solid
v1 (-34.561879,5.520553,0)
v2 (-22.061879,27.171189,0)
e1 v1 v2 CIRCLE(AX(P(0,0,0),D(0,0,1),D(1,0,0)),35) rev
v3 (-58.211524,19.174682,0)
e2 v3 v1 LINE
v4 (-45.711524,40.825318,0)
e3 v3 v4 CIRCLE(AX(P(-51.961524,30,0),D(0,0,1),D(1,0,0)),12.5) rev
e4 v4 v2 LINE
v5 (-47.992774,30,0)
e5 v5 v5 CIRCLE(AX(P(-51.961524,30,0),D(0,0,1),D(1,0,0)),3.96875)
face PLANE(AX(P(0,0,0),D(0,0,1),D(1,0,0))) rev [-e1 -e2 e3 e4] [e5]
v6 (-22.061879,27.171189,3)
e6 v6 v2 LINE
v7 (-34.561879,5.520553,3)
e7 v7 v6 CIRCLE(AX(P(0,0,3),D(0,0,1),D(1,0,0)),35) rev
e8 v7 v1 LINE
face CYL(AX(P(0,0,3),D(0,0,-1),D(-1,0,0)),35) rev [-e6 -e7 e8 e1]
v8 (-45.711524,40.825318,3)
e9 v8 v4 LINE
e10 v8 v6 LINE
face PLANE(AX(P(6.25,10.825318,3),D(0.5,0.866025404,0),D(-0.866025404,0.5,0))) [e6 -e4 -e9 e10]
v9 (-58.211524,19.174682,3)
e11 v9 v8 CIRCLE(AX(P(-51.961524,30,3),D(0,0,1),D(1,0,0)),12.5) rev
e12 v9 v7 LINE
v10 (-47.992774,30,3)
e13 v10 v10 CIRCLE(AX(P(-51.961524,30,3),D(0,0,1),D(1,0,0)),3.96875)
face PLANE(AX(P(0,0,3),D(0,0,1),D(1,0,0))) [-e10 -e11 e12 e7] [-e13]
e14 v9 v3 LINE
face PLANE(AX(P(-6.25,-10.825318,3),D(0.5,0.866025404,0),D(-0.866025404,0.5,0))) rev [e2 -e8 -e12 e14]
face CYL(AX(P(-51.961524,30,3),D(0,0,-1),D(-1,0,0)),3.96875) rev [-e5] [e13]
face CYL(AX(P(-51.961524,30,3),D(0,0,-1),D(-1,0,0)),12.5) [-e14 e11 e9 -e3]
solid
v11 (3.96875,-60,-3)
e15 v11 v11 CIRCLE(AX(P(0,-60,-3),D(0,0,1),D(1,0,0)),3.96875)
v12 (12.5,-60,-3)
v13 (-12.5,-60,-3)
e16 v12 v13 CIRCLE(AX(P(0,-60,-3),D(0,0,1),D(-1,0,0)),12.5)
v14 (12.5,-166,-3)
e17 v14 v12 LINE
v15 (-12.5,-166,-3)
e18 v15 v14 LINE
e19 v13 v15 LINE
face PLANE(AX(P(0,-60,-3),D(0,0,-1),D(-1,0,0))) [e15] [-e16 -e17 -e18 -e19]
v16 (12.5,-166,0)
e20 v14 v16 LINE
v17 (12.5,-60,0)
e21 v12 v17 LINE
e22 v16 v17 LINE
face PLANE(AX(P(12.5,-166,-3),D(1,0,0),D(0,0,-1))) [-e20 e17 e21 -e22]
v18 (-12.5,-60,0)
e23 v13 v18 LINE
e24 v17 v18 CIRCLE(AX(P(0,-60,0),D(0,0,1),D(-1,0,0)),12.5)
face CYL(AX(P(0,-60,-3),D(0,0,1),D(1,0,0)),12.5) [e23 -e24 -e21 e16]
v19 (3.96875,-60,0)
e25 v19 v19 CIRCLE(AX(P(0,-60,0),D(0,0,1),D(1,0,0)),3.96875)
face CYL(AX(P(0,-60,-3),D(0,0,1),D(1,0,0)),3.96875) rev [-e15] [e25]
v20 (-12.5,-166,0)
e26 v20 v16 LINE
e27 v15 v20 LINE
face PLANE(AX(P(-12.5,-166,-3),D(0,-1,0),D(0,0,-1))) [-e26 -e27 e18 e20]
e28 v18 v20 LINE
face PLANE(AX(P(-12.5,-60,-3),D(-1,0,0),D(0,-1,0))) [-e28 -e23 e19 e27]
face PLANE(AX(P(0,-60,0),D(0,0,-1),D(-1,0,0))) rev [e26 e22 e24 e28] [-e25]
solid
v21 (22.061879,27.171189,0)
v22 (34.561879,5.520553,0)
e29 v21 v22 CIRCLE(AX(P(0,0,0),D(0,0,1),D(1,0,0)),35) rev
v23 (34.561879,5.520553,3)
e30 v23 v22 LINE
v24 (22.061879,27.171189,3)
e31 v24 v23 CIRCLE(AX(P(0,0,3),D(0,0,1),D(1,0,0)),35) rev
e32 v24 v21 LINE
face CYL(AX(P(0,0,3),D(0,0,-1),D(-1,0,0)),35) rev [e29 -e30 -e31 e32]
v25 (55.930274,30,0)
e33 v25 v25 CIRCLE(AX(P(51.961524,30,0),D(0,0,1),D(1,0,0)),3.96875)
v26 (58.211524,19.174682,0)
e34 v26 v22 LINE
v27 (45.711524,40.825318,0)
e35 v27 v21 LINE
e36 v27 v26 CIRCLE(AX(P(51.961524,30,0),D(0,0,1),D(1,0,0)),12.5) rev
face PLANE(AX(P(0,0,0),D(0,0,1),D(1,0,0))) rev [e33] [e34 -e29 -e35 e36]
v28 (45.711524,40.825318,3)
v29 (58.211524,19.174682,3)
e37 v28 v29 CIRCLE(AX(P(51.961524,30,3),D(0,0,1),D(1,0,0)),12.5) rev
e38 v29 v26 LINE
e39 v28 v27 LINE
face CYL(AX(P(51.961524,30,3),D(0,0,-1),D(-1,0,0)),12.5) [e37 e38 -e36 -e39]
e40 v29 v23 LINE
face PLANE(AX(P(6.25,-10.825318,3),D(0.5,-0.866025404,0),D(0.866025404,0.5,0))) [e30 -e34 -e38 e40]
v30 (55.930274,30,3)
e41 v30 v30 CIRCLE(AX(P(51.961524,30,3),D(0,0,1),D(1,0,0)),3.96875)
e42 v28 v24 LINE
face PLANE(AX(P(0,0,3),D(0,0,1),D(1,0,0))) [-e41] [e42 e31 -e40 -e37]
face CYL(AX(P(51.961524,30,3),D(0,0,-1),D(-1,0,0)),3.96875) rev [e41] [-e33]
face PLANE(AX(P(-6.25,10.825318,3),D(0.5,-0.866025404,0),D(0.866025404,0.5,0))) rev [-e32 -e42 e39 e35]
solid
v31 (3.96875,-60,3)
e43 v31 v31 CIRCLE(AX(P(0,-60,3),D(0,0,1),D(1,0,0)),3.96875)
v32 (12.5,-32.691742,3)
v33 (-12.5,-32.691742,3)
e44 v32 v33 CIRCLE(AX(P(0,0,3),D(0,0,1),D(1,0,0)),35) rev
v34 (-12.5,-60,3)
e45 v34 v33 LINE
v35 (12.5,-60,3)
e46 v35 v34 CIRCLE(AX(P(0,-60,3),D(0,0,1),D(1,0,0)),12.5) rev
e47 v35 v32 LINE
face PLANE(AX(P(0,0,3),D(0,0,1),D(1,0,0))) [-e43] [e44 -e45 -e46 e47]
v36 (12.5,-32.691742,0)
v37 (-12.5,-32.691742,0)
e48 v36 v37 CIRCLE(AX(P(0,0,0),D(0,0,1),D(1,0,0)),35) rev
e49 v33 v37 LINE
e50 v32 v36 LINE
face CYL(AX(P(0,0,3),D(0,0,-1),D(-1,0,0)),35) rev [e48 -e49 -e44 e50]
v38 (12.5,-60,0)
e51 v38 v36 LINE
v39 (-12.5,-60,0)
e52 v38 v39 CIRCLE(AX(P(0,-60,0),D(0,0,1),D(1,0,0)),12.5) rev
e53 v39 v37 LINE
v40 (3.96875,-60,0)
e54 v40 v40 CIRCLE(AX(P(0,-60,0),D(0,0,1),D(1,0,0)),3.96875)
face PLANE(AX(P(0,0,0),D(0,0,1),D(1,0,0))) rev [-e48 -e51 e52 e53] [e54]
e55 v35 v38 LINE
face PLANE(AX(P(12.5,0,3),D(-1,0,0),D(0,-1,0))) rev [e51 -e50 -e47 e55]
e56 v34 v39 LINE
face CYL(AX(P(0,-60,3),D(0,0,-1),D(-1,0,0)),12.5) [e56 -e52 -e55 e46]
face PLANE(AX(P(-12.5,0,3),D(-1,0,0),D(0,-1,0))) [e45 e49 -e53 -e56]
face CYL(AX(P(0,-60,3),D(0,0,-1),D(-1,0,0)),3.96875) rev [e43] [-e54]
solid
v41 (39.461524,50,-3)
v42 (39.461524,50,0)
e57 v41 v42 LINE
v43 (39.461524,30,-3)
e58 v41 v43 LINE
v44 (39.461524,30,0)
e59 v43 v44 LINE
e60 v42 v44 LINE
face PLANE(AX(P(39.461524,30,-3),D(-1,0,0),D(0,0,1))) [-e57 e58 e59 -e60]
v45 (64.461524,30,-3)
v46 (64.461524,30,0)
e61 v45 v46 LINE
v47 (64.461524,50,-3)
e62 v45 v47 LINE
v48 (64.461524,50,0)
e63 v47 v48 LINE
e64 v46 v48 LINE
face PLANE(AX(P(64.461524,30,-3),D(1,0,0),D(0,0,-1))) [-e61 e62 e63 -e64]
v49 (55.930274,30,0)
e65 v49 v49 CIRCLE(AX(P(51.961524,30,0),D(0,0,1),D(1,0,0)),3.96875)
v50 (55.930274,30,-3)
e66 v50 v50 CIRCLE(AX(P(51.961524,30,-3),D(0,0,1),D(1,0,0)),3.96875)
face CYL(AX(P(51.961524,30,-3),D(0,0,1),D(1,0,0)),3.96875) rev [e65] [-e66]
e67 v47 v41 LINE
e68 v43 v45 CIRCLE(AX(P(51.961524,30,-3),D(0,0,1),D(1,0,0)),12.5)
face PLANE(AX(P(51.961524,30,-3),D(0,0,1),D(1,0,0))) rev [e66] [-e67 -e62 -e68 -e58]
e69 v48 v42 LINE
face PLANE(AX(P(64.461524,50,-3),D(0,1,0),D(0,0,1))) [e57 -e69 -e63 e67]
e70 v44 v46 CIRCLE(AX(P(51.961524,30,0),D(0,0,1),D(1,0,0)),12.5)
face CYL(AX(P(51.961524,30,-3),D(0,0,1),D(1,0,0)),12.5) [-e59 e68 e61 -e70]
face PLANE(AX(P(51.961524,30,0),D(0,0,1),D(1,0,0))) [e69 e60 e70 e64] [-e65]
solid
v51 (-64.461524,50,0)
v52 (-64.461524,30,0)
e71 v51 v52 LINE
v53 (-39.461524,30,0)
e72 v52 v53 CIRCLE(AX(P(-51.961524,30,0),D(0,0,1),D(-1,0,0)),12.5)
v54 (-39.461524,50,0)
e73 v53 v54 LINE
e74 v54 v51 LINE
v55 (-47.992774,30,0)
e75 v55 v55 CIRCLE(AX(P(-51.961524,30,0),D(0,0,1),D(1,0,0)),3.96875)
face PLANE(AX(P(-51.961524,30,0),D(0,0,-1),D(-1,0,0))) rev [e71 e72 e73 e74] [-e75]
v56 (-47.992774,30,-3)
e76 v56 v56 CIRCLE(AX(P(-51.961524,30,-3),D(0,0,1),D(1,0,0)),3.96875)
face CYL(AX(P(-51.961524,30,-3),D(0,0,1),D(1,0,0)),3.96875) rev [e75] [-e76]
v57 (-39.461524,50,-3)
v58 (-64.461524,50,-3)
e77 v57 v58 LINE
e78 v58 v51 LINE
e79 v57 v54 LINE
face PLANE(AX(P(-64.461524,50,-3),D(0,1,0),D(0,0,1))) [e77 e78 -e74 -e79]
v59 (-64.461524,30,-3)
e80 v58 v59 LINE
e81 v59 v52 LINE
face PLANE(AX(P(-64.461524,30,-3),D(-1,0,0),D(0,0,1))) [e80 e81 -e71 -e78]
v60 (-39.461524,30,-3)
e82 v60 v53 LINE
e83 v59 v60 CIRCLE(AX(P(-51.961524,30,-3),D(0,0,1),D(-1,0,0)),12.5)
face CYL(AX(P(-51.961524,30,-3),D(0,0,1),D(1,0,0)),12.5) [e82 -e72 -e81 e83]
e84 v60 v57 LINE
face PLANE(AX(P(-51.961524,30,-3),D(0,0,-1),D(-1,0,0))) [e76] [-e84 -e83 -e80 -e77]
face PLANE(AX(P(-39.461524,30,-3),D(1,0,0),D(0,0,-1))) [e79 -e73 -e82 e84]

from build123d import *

# Parameters (mm, degrees)
SKETCH1_R             = 3.96875
BOSS_EXTRUDE1_DEPTH   = 3
BOSS_EXTRUDE1_2_DEPTH = 3
BOSS_EXTRUDE1_3_DEPTH = 3
SKETCH2_R             = 3.96875
BOSS_EXTRUDE2_DEPTH   = 3
BOSS_EXTRUDE2_2_DEPTH = 3
BOSS_EXTRUDE2_3_DEPTH = 3


with BuildPart() as part:
    # Sketch1 → Boss-Extrude1 (new body)
    with BuildSketch(Plane.XY):
        with BuildLine():
            ThreePointArc((-45.711524227, 40.825317547), (-62.786841774, 36.25), (-58.211524227, 19.174682453))
            Line((-58.211524227, 19.174682453), (-34.561879132, 5.520553491))
            ThreePointArc((-34.561879132, 5.520553491), (-30.310889132, 17.5), (-22.061879132, 27.171188586))
            Line((-22.061879132, 27.171188586), (-45.711524227, 40.825317547))
        make_face()
        with Locations((-51.961524227, 30)):
            Circle(SKETCH1_R, mode=Mode.SUBTRACT)
    extrude(amount=BOSS_EXTRUDE1_DEPTH)


with BuildPart() as body_2:
    # Sketch1 → Boss-Extrude1 2 (new body)
    with BuildSketch(Plane.XY):
        with BuildLine():
            ThreePointArc((58.211524227, 19.174682453), (62.786841774, 36.25), (45.711524227, 40.825317547))
            Line((45.711524227, 40.825317547), (22.061879132, 27.171188586))
            ThreePointArc((22.061879132, 27.171188586), (30.310889132, 17.5), (34.561879132, 5.520553491))
            Line((34.561879132, 5.520553491), (58.211524227, 19.174682453))
        make_face()
        with Locations((51.961524227, 30)):
            Circle(SKETCH1_R, mode=Mode.SUBTRACT)
    extrude(amount=BOSS_EXTRUDE1_2_DEPTH)


with BuildPart() as body_3:
    # Sketch1 → Boss-Extrude1 3 (new body)
    with BuildSketch(Plane.XY):
        with BuildLine():
            ThreePointArc((-12.5, -60), (0, -72.5), (12.5, -60))
            Line((12.5, -60), (12.5, -32.691742077))
            ThreePointArc((12.5, -32.691742077), (0, -35), (-12.5, -32.691742077))
            Line((-12.5, -32.691742077), (-12.5, -60))
        make_face()
        with Locations((0, -60)):
            Circle(SKETCH1_R, mode=Mode.SUBTRACT)
    extrude(amount=BOSS_EXTRUDE1_3_DEPTH)


with BuildPart() as body_4:
    # Sketch2 → Boss-Extrude2 (new body)
    with BuildSketch(Plane.XY):
        with BuildLine():
            Line((-64.461524227, 30), (-64.461524227, 50))
            Line((-64.461524227, 50), (-39.461524227, 50))
            Line((-39.461524227, 50), (-39.461524227, 30))
            ThreePointArc((-39.461524227, 30), (-51.961524227, 17.5), (-64.461524227, 30))
        make_face()
        with Locations((-51.961524227, 30)):
            Circle(SKETCH2_R, mode=Mode.SUBTRACT)
    extrude(amount=-BOSS_EXTRUDE2_DEPTH)


with BuildPart() as body_5:
    # Sketch2 → Boss-Extrude2 2 (new body)
    with BuildSketch(Plane.XY):
        with BuildLine():
            Line((64.461524227, 30), (64.461524227, 50))
            Line((64.461524227, 50), (39.461524227, 50))
            Line((39.461524227, 50), (39.461524227, 30))
            ThreePointArc((39.461524227, 30), (51.961524227, 17.5), (64.461524227, 30))
        make_face()
        with Locations((51.961524227, 30)):
            Circle(SKETCH2_R, mode=Mode.SUBTRACT)
    extrude(amount=-BOSS_EXTRUDE2_2_DEPTH)


with BuildPart() as body_6:
    # Sketch2 → Boss-Extrude2 3 (new body)
    with BuildSketch(Plane.XY):
        with BuildLine():
            Line((-12.5, -60), (-12.5, -166))
            Line((-12.5, -166), (12.5, -166))
            Line((12.5, -166), (12.5, -60))
            ThreePointArc((12.5, -60), (0, -47.5), (-12.5, -60))
        make_face()
        with Locations((0, -60)):
            Circle(SKETCH2_R, mode=Mode.SUBTRACT)
    extrude(amount=-BOSS_EXTRUDE2_3_DEPTH)


solid = Compound([part.part, body_2.part, body_3.part, body_4.part, body_5.part, body_6.part])
